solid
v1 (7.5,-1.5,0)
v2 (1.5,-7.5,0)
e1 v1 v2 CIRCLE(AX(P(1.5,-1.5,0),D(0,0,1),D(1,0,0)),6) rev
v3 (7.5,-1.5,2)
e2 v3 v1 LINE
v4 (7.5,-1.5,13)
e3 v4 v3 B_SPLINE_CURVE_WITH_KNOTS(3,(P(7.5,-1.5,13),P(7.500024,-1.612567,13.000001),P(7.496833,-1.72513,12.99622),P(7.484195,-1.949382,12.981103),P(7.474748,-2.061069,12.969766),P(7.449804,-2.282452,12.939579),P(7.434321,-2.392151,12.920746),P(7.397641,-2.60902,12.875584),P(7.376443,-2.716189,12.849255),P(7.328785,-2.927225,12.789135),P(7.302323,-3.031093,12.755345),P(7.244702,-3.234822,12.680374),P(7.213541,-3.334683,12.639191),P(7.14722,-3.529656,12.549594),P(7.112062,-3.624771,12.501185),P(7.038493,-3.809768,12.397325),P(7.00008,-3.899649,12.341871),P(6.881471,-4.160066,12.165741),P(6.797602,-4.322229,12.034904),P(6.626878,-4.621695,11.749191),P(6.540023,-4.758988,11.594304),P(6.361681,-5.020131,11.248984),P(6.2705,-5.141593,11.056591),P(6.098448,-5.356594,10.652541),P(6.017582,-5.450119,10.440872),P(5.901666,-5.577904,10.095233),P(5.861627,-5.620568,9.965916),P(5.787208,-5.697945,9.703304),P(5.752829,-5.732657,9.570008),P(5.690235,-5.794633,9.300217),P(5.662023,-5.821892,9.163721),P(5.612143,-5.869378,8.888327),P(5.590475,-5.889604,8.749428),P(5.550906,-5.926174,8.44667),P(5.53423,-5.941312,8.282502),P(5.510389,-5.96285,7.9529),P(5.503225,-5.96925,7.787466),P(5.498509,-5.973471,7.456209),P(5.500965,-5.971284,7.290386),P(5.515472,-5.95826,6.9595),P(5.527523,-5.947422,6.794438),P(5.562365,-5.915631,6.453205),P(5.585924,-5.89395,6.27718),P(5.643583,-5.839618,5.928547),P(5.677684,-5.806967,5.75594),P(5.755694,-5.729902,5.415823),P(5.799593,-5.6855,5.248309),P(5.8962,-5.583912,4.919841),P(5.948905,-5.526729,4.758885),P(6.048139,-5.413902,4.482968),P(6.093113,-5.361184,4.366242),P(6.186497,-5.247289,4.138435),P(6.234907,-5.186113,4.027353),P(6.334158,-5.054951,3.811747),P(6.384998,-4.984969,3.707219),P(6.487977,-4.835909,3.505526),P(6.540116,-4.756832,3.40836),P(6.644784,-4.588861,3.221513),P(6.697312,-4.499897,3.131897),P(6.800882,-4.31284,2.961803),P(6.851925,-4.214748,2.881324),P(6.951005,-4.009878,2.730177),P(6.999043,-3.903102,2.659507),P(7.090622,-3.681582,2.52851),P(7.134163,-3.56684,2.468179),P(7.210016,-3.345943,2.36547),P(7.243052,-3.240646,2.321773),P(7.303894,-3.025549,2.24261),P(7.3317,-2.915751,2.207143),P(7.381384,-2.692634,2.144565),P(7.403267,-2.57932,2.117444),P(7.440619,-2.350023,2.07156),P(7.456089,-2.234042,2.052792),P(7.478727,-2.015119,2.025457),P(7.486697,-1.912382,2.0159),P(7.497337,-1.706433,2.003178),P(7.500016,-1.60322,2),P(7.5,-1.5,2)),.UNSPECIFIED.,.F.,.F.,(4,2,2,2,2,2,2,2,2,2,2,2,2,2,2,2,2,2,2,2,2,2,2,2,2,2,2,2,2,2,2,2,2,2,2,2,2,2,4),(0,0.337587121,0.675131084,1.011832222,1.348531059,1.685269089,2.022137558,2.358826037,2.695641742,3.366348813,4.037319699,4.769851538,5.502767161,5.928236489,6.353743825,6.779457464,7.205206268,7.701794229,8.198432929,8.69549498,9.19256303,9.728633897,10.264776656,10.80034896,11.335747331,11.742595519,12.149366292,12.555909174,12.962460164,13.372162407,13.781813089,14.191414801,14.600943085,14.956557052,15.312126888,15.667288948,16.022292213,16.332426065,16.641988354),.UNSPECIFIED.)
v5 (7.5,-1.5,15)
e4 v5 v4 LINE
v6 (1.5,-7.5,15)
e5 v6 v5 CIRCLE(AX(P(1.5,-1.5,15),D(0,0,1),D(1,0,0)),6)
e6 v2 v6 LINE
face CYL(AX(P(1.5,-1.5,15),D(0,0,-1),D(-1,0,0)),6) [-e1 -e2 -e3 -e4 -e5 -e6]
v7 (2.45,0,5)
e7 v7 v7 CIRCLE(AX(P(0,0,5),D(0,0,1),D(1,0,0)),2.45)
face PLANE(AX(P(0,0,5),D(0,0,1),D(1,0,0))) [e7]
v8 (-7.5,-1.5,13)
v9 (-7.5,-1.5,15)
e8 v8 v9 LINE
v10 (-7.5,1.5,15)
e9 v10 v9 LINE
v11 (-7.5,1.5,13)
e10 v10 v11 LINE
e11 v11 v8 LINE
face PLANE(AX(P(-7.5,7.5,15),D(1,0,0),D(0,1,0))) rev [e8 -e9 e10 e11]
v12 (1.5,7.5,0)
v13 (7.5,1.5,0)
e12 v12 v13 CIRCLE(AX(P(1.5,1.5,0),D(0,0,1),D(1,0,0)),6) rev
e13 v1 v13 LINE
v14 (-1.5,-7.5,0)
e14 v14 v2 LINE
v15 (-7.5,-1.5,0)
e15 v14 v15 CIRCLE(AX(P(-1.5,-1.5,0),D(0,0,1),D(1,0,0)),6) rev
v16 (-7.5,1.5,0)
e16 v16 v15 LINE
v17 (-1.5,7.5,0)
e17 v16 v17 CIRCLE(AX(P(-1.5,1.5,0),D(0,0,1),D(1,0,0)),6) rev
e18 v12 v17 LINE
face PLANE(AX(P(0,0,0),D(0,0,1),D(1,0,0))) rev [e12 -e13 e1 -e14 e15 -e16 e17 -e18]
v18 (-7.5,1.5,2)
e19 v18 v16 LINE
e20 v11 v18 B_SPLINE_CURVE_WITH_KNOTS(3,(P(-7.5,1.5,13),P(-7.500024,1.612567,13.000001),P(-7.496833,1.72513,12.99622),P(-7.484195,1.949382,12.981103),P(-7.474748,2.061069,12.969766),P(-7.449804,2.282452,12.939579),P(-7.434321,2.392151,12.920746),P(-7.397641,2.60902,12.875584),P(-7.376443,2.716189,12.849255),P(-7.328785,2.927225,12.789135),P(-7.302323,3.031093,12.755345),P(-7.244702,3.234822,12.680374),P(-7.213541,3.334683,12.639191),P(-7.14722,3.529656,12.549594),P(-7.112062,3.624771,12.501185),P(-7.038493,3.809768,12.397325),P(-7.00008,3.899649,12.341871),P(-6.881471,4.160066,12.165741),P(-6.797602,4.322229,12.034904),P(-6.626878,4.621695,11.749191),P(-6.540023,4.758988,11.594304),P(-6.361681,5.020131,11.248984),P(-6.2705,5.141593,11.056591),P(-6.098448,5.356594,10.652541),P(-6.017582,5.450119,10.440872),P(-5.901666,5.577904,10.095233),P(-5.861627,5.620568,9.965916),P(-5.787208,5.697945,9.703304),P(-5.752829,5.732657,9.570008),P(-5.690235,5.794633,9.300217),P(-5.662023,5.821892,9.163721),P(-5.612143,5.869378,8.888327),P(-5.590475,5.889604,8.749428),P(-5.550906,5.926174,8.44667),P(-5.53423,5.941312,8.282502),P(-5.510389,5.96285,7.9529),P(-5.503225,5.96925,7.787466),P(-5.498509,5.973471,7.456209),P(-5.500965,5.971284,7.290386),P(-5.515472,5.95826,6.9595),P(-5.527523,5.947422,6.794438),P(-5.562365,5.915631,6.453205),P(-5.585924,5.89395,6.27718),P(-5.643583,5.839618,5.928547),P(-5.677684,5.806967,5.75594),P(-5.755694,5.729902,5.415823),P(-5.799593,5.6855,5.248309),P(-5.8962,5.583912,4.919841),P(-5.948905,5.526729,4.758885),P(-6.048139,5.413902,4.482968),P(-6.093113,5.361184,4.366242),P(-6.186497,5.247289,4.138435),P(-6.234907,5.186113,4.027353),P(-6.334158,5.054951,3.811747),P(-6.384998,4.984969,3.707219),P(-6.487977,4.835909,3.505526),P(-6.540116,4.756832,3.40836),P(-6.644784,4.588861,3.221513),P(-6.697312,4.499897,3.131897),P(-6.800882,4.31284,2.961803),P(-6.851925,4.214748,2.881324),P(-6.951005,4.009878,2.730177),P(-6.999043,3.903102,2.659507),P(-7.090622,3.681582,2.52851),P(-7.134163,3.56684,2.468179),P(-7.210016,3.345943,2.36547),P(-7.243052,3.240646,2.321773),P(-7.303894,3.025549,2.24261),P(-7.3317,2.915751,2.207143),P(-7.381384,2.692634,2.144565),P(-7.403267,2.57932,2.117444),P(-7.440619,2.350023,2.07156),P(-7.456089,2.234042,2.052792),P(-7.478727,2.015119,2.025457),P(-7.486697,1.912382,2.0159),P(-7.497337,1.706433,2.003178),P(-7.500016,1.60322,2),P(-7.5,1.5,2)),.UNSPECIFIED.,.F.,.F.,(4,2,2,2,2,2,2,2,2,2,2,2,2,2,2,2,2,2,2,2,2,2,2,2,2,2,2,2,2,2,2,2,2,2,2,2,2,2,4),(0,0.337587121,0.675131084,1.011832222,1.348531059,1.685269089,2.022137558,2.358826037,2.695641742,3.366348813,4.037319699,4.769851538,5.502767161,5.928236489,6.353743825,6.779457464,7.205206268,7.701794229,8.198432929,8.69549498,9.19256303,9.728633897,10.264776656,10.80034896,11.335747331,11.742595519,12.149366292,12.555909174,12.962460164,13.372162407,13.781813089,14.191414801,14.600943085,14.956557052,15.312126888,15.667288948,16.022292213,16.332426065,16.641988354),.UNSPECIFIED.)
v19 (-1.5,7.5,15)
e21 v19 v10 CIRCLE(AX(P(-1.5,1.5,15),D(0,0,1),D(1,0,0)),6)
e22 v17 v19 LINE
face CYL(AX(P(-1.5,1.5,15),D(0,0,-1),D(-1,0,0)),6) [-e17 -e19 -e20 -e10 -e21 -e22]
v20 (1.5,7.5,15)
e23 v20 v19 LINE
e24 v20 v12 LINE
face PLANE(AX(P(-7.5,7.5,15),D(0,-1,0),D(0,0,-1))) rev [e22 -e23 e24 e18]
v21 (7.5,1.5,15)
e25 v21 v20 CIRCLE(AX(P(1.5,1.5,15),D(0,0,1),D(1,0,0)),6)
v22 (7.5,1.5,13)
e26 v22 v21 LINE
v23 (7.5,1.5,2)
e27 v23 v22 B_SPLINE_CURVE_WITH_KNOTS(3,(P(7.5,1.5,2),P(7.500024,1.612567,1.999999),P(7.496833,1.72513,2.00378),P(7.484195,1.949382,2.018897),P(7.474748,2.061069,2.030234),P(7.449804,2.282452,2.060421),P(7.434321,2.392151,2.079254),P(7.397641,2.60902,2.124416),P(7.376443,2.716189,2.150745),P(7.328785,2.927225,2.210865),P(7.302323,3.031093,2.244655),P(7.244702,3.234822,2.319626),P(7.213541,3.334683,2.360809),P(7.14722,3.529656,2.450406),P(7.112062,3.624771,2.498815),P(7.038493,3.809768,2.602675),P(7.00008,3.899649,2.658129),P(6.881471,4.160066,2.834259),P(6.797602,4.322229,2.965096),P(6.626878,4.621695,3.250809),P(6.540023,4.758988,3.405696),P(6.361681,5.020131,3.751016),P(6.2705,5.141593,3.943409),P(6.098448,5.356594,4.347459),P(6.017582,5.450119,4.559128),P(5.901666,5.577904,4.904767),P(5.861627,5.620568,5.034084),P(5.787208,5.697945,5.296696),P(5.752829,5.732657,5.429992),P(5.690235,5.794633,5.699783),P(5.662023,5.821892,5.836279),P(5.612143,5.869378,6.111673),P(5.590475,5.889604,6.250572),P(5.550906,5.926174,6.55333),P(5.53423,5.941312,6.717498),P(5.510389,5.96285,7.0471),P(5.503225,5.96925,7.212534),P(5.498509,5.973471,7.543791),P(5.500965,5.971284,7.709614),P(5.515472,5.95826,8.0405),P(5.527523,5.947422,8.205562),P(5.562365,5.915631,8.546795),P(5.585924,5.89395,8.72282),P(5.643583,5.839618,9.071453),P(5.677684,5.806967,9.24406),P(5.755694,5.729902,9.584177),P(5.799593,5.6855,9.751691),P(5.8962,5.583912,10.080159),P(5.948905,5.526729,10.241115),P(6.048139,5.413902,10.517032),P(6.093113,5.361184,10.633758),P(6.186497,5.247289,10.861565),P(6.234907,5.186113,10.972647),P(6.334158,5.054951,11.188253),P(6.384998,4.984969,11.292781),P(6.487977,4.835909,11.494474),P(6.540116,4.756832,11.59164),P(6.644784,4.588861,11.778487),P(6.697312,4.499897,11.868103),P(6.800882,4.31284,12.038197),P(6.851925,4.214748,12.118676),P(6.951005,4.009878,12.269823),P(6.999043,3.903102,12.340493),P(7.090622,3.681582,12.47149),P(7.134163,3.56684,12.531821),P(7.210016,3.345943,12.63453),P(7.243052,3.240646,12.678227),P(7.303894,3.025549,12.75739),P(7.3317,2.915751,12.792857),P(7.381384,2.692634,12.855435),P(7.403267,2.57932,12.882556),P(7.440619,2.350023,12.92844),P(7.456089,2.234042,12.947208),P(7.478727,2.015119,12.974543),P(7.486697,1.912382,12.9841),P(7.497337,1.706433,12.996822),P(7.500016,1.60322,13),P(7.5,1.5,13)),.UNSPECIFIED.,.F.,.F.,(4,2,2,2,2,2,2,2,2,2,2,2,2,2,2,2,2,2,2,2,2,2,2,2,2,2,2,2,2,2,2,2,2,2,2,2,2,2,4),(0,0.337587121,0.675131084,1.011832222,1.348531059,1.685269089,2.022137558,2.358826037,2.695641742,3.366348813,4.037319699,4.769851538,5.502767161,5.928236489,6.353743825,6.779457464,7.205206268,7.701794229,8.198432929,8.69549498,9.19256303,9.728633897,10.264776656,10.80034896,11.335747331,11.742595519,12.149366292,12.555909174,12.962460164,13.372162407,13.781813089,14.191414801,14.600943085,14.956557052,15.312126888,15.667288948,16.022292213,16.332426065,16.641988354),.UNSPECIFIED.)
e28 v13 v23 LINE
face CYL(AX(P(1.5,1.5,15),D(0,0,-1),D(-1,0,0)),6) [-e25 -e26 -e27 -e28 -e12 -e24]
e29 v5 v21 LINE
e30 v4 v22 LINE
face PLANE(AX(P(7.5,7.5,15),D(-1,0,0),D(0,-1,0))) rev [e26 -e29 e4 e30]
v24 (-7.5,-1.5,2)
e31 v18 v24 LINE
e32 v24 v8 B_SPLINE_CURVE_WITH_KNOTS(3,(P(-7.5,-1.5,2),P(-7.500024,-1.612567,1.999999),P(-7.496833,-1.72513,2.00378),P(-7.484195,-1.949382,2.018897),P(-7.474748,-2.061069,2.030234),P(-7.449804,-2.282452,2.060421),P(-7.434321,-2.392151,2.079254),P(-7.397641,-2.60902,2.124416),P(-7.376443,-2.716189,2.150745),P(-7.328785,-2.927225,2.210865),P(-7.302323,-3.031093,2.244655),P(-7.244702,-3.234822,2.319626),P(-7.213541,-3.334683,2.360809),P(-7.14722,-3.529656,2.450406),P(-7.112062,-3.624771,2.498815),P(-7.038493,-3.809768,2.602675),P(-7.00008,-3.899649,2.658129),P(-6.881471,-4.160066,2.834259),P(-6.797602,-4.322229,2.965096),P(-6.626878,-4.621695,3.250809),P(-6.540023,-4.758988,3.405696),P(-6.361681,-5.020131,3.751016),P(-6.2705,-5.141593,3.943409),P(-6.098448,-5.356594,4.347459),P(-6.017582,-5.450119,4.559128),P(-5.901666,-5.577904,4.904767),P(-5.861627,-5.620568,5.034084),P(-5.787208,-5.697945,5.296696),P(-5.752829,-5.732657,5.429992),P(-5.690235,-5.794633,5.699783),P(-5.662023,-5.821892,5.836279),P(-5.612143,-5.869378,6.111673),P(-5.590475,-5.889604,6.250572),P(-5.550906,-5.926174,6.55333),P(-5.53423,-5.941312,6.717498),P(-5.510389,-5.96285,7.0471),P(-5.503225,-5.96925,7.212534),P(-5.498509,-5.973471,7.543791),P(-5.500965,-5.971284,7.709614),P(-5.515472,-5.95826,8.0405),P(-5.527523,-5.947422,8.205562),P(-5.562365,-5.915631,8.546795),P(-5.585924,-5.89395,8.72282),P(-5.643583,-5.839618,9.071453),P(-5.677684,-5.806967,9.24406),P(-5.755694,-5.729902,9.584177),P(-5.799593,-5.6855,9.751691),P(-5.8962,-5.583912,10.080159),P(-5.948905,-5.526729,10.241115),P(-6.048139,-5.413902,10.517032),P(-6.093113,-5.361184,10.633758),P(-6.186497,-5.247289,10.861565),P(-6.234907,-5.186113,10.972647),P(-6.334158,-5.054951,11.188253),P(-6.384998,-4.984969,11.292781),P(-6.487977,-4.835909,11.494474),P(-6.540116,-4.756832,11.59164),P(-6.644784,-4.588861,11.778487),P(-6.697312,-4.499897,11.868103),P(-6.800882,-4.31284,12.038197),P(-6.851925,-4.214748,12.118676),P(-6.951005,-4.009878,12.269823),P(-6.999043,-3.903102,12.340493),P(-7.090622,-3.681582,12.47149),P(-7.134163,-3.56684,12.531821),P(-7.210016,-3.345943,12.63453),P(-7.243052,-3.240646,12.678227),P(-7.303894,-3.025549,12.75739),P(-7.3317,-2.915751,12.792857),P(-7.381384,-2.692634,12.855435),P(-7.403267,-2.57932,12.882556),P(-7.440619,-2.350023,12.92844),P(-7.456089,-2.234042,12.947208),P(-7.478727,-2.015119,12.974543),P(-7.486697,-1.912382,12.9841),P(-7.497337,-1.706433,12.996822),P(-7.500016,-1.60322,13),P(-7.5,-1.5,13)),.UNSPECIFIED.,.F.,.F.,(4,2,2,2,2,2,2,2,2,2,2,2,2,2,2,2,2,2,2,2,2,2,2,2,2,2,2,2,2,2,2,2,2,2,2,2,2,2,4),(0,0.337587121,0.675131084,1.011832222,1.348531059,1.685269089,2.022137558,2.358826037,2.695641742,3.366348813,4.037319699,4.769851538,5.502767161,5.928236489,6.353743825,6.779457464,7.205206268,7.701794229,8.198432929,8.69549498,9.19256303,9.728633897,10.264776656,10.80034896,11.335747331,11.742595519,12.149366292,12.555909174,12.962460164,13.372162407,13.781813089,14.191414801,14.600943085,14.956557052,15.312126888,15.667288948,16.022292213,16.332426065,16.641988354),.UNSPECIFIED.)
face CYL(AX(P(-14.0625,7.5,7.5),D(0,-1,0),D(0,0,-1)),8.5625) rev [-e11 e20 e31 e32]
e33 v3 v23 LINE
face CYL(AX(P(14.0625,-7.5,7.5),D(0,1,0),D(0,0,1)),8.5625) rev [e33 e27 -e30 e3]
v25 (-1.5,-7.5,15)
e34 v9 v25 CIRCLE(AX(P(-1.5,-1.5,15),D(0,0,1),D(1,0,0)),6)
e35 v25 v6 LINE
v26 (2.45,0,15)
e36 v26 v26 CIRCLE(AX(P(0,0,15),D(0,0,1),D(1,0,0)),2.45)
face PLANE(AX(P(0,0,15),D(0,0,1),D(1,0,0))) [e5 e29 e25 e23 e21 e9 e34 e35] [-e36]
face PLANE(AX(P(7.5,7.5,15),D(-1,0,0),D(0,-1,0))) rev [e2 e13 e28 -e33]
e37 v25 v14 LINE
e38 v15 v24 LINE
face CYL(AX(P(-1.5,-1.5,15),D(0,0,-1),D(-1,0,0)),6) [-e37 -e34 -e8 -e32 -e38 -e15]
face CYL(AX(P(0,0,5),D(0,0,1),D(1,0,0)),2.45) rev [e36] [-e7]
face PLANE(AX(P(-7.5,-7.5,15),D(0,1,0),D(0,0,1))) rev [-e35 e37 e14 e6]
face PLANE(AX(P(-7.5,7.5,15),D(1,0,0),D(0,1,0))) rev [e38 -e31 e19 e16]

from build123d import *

# Parameters (mm, degrees)
BASE_SKETCH_W      = 15
BASE_SKETCH_H      = 15
BASE_DEPTH         = 15
NUT_HOLE_SKETCH_R  = 2.45
NUT_HOLE_DEPTH     = 10
ROUNDING_R         = 6
THUMB_HOLE_DEPTH   = 23.5
KRUHOV_POLE1_COUNT = 2


with BuildPart() as part:
    # Base sketch → Base (new body)
    with BuildSketch(Plane.XY):
        Rectangle(BASE_SKETCH_W, BASE_SKETCH_H)
    extrude(amount=BASE_DEPTH)

    # Nut hole sketch → Nut hole (cut)
    with BuildSketch(Plane.XY.offset(15)):
        Circle(NUT_HOLE_SKETCH_R)
    extrude(amount=-NUT_HOLE_DEPTH, mode=Mode.SUBTRACT)

    # Rounding
    rounding_edges = [part.edges().sort_by_distance(p)[0] for p in [
        (7.5, -7.5, 7.5),
        (-7.5, -7.5, 7.5),
        (-7.5, 7.5, 7.5),
        (7.5, 7.5, 7.5),
    ]]
    fillet(rounding_edges, radius=ROUNDING_R)

    # Thumb hole sketch → Thumb hole (cut, through all)
    with BuildSketch(Plane.XZ.offset(7.5)):
        with BuildLine():
            Line((-7.5, 13), (-7.5, 2))
            ThreePointArc((-7.5, 2), (-5.5, 7.5), (-7.5, 13))
        make_face()
    thumb_hole = extrude(amount=-THUMB_HOLE_DEPTH, mode=Mode.SUBTRACT)

    # Kruhové pole1: Thumb hole ×2 about axis
    kruhov_pole1_axis = Axis((0, 0, 7.5), (0, 1, 0))
    for i in range(1, KRUHOV_POLE1_COUNT):
        add(thumb_hole.rotate(kruhov_pole1_axis, i * 360 / KRUHOV_POLE1_COUNT), mode=Mode.SUBTRACT)


solid = part.part
